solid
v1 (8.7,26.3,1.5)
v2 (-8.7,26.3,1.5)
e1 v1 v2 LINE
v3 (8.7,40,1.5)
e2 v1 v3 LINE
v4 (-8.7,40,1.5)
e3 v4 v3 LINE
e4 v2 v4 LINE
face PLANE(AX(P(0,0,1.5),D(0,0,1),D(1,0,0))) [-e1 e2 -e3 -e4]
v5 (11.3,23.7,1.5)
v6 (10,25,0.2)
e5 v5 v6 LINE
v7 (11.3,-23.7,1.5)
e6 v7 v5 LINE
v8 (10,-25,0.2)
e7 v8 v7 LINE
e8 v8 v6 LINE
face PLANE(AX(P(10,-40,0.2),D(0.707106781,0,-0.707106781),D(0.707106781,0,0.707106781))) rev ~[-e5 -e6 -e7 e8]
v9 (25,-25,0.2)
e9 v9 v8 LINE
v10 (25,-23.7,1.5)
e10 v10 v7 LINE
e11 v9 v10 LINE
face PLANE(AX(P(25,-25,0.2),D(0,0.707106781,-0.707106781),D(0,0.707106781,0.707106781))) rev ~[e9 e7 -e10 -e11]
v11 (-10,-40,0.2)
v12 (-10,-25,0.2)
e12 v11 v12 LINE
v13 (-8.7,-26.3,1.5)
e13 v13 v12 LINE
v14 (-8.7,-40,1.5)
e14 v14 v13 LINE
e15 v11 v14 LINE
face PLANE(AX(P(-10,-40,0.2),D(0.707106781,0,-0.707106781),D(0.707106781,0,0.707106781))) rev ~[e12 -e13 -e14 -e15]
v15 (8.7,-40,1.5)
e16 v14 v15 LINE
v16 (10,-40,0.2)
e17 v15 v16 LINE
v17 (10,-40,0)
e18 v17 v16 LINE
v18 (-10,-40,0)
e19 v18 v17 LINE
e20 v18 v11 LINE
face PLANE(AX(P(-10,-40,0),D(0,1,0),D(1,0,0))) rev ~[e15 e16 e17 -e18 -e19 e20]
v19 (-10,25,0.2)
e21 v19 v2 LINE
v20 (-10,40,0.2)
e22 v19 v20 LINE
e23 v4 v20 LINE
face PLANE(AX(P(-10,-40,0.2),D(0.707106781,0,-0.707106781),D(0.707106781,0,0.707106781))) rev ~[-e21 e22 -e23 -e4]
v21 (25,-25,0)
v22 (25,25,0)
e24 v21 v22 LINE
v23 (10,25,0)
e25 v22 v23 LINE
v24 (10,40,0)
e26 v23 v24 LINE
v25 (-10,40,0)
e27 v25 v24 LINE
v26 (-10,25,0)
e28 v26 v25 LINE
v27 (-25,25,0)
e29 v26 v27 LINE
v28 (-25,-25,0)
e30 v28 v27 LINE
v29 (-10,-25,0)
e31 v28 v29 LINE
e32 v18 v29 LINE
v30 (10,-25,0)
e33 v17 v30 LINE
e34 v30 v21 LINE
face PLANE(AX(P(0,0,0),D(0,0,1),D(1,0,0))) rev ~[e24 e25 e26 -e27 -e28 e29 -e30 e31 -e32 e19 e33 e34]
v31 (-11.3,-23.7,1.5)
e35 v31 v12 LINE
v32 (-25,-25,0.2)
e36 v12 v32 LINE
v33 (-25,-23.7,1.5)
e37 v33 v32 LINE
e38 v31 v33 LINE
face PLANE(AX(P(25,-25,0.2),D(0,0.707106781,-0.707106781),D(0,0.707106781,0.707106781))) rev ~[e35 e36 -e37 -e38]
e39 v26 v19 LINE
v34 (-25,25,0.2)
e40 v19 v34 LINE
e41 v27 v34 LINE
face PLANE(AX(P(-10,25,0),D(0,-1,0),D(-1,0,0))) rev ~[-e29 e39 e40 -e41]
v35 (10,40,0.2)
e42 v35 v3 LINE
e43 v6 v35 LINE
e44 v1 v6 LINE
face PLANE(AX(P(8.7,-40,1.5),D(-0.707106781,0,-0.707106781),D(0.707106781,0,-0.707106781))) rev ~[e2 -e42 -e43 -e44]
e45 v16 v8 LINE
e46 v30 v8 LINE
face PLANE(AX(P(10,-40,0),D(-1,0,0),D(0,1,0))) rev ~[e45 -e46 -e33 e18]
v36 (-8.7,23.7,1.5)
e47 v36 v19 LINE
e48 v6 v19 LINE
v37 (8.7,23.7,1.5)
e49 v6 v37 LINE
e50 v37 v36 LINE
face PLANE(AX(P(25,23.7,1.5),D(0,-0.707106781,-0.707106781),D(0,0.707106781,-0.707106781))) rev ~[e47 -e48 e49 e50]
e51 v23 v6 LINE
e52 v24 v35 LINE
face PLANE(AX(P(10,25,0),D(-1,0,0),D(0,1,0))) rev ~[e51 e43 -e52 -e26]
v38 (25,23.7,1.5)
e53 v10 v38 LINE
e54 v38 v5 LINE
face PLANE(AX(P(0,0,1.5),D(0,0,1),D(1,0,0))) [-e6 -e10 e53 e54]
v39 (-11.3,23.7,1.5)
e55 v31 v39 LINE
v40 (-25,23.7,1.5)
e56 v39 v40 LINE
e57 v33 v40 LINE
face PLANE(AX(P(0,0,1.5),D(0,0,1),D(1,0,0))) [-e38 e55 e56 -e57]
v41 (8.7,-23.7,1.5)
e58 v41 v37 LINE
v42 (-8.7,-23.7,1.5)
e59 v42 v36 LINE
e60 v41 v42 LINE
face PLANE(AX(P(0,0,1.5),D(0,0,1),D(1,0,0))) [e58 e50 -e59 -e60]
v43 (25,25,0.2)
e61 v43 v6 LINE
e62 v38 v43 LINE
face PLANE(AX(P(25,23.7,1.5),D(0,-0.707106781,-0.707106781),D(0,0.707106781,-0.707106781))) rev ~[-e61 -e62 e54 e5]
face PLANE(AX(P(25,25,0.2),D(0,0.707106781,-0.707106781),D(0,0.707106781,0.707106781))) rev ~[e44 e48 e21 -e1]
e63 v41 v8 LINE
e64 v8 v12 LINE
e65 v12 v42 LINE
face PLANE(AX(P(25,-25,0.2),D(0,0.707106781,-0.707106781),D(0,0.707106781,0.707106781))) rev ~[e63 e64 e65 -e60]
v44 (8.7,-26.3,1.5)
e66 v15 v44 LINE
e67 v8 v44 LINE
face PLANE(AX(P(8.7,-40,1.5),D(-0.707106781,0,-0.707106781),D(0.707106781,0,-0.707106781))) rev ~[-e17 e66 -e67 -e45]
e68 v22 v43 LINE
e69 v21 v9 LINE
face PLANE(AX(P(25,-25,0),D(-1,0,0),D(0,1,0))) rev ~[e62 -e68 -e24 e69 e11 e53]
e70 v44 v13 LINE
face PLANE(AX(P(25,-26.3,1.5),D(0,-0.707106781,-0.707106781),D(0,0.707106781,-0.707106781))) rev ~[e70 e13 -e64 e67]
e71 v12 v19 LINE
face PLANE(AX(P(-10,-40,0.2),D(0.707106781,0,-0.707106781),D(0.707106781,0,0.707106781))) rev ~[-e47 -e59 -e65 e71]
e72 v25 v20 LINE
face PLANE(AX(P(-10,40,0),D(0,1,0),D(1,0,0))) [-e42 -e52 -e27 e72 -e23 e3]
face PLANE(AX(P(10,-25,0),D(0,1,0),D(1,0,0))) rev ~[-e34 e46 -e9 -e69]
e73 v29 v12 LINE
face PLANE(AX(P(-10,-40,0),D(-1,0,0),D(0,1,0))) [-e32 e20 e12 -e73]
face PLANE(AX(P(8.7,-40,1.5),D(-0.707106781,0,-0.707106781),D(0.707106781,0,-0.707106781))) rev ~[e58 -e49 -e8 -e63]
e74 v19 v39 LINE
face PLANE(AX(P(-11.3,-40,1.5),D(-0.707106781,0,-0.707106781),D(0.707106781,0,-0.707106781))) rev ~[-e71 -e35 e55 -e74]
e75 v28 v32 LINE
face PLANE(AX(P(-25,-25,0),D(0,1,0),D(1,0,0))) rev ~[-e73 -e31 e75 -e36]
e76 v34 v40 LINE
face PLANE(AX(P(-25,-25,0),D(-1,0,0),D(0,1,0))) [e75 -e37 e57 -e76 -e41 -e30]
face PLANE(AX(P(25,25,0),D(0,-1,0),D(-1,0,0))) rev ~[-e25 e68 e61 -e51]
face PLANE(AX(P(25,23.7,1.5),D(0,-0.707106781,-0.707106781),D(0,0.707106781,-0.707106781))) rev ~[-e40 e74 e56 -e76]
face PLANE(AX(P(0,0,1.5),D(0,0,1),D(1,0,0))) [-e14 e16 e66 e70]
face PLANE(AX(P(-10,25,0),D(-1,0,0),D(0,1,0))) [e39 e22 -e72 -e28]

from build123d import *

# Parameters (mm, degrees)
SKETCH_W        = 20
SKETCH_H        = 50
SKETCH_W_2      = 15
SKETCH_H_2      = 15
PAD_DEPTH       = 1.5
POCKET_DEPTH    = 80.001
POCKET001_DEPTH = 50.001


with BuildPart() as part:
    # Sketch → Pad (new body)
    with BuildSketch(Plane.XY):
        Rectangle(SKETCH_W, SKETCH_H)
        with Locations((17.5, 0)):
            Rectangle(SKETCH_W_2, SKETCH_H)
        with Locations((-17.5, 0)):
            Rectangle(SKETCH_W_2, SKETCH_H)
        with Locations((0, 32.5)):
            Rectangle(SKETCH_W, SKETCH_H_2)
        with Locations((0, -32.5)):
            Rectangle(SKETCH_W, SKETCH_H_2)
    extrude(amount=PAD_DEPTH)

    # Sketch001 (on Face6 of Pad) → Pocket (cut, through all)
    with BuildSketch(Plane.XZ.offset(40)):
        Polygon((10, 0.2), (11.3, 1.5), (8.7, 1.5), align=None)
        Polygon((-11.3, 1.5), (-10, 0.2), (-8.7, 1.5), align=None)
    extrude(amount=-POCKET_DEPTH, mode=Mode.SUBTRACT)

    # Sketch002 (on Face10 of Pocket) → Pocket001 (cut, through all)
    with BuildSketch(Plane.YZ.offset(25)):
        Polygon((-25, 0.2), (-23.7, 1.5), (-26.3, 1.5), align=None)
        Polygon((25, 0.2), (26.3, 1.5), (23.7, 1.5), align=None)
    extrude(amount=-POCKET001_DEPTH, mode=Mode.SUBTRACT)


solid = part.part
